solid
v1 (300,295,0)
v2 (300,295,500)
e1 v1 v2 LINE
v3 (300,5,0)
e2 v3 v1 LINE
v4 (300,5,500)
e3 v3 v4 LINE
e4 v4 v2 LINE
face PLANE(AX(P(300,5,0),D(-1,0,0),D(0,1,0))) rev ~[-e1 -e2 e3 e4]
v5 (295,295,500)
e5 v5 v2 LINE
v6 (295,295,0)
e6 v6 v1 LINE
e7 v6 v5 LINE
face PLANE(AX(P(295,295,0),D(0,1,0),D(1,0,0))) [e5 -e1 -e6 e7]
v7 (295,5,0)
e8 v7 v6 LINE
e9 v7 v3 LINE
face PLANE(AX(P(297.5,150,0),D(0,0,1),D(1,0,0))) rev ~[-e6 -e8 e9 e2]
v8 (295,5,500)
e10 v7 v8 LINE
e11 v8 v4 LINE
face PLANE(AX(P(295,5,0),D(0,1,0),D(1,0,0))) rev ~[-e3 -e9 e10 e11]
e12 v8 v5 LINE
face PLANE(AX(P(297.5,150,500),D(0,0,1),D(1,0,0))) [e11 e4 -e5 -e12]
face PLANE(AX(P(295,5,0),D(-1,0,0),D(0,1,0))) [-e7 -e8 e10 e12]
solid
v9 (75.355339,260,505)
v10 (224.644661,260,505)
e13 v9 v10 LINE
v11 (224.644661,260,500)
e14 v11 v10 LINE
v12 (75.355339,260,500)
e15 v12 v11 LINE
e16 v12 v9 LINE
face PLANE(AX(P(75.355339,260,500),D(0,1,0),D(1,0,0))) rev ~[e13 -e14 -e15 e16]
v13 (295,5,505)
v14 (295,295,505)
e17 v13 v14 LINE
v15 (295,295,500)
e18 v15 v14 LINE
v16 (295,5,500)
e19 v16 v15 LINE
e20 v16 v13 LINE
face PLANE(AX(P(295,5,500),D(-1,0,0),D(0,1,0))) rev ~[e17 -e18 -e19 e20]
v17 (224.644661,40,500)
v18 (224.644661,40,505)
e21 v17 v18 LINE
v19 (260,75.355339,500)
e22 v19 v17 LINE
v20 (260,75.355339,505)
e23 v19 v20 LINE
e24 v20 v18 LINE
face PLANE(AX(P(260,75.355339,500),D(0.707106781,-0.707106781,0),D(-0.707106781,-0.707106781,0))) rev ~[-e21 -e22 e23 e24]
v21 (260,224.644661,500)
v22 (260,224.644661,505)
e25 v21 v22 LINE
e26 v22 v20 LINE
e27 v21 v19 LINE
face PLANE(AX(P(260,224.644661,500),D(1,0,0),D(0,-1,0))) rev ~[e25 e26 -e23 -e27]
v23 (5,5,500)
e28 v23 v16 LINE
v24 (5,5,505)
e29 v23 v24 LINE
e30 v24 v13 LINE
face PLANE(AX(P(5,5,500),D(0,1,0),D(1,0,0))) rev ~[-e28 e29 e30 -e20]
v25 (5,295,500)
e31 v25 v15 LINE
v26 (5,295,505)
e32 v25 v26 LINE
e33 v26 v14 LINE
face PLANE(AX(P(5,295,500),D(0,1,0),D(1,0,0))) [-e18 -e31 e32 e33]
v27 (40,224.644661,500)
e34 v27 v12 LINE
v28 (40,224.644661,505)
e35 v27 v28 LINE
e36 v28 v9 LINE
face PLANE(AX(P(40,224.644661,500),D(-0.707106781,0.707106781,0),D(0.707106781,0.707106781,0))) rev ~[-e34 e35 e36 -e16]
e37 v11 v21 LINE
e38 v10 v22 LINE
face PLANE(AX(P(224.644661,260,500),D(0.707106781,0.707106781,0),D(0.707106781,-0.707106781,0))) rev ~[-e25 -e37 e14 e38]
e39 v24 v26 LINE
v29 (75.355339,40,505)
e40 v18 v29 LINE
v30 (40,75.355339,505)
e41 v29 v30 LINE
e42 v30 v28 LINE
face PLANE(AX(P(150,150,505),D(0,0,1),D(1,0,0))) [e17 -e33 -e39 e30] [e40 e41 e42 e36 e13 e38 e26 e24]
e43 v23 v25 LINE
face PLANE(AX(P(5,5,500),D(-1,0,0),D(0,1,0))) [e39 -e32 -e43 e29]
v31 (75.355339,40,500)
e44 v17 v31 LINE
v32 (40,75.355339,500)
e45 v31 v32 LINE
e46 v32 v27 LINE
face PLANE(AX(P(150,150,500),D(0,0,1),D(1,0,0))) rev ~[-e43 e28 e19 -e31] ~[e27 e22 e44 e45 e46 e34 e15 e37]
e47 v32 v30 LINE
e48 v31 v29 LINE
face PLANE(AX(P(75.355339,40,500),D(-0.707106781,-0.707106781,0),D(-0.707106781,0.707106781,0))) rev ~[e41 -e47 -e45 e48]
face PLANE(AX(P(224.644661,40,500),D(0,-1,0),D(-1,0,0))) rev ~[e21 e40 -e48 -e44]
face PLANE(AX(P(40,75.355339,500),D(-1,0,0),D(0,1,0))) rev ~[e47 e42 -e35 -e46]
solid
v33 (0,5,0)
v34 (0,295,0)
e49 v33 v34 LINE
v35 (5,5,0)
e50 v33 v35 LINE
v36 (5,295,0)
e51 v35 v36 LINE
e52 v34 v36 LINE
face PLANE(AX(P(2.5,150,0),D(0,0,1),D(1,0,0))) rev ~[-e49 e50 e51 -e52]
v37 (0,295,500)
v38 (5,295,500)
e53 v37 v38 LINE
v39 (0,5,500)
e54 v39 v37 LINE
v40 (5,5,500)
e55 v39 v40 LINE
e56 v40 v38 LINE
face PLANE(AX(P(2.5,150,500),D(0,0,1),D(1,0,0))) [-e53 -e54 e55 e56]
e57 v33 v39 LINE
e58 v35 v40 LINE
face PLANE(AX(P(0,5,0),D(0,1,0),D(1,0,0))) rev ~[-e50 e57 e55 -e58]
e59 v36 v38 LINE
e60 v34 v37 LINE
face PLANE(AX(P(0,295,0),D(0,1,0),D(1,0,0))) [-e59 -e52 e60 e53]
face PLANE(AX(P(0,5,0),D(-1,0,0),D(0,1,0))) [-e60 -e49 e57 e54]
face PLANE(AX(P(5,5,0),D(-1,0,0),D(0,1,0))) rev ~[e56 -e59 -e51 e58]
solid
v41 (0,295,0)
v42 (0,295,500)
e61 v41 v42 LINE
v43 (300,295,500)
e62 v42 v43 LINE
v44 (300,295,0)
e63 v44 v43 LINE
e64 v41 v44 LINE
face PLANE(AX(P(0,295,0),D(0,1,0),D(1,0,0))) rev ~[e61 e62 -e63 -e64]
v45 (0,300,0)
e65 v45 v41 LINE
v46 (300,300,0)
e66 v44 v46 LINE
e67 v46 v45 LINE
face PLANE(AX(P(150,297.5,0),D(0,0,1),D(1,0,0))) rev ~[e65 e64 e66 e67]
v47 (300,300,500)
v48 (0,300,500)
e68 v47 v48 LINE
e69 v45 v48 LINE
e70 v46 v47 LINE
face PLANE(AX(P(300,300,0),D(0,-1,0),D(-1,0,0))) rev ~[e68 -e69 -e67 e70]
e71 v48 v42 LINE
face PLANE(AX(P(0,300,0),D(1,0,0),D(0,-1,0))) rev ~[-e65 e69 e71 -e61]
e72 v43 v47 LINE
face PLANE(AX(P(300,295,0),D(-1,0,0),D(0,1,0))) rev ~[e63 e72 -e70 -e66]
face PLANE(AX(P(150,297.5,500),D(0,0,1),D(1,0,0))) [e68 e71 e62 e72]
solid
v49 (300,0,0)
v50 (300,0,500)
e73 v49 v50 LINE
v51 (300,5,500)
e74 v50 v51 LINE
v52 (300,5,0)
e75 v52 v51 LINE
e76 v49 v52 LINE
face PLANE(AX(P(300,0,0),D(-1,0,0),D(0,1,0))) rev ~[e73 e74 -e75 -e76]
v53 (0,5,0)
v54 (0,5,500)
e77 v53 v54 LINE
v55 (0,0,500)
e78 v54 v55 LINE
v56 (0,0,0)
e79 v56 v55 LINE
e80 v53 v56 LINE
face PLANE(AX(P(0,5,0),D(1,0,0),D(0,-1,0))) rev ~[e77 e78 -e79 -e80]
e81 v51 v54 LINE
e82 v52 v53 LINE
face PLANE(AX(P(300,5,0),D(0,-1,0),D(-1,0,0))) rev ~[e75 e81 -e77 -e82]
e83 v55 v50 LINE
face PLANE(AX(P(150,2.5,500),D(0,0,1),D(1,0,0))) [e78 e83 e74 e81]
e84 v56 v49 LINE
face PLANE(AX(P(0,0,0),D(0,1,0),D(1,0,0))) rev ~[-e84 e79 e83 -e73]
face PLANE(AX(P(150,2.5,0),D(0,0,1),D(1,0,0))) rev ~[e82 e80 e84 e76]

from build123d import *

# Parameters (mm, degrees)
F3_DEPTH = 500
F2_W     = 5
F2_H     = 290
F4_DEPTH = 500
F5_START = 500
F2_W_2   = 290
F5_DEPTH = 5


with BuildPart() as f3:
    # F2 (on Top) → F3 (new body)
    with BuildSketch(Plane.XY):
        Polygon((0, 300), (0, 295), (5, 295), (295, 295), (300, 295), (300, 300), align=None)
    extrude(amount=F3_DEPTH)


with BuildPart() as f3b:
    # F2 (on Top) → F3, piece 2 (new body)
    with BuildSketch(Plane.XY):
        Polygon((0, 5), (0, 0), (300, 0), (300, 5), (295, 5), (5, 5), align=None)
    extrude(amount=F3_DEPTH)


with BuildPart() as f4:
    # F2 (on Top) → F4 (new body)
    with BuildSketch(Plane.XY):
        with Locations((2.5, 150)):
            Rectangle(F2_W, F2_H)
    extrude(amount=F4_DEPTH)


with BuildPart() as f4b:
    # F2 (on Top) → F4, piece 2 (new body)
    with BuildSketch(Plane.XY):
        with Locations((297.5, 150)):
            Rectangle(F2_W, F2_H)
    extrude(amount=F4_DEPTH)


with BuildPart() as f5:
    # F2 (on Top) → F5 (new body)
    with BuildSketch(Plane.XY.offset(F5_START)):
        with Locations((150, 150)):
            Rectangle(F2_W_2, F2_H)
        Polygon((40, 224.6446609407), (40, 260), (75.3553390593, 260), (224.6446609407, 260), (260, 260), (260, 224.6446609407), (260, 75.3553390593), (260, 40), (224.6446609407, 40), (75.3553390593, 40), (40, 40), (40, 75.3553390593), align=None, mode=Mode.SUBTRACT)
        Polygon((260, 260), (224.6446609407, 260), (260, 224.6446609407), align=None)
        Polygon((75.3553390593, 260), (40, 260), (40, 224.6446609407), align=None)
        Polygon((75.3553390593, 40), (40, 75.3553390593), (40, 40), align=None)
        Polygon((260, 40), (260, 75.3553390593), (224.6446609407, 40), align=None)
    extrude(amount=F5_DEPTH)


solid = Compound([f3.part, f3b.part, f4.part, f4b.part, f5.part])
